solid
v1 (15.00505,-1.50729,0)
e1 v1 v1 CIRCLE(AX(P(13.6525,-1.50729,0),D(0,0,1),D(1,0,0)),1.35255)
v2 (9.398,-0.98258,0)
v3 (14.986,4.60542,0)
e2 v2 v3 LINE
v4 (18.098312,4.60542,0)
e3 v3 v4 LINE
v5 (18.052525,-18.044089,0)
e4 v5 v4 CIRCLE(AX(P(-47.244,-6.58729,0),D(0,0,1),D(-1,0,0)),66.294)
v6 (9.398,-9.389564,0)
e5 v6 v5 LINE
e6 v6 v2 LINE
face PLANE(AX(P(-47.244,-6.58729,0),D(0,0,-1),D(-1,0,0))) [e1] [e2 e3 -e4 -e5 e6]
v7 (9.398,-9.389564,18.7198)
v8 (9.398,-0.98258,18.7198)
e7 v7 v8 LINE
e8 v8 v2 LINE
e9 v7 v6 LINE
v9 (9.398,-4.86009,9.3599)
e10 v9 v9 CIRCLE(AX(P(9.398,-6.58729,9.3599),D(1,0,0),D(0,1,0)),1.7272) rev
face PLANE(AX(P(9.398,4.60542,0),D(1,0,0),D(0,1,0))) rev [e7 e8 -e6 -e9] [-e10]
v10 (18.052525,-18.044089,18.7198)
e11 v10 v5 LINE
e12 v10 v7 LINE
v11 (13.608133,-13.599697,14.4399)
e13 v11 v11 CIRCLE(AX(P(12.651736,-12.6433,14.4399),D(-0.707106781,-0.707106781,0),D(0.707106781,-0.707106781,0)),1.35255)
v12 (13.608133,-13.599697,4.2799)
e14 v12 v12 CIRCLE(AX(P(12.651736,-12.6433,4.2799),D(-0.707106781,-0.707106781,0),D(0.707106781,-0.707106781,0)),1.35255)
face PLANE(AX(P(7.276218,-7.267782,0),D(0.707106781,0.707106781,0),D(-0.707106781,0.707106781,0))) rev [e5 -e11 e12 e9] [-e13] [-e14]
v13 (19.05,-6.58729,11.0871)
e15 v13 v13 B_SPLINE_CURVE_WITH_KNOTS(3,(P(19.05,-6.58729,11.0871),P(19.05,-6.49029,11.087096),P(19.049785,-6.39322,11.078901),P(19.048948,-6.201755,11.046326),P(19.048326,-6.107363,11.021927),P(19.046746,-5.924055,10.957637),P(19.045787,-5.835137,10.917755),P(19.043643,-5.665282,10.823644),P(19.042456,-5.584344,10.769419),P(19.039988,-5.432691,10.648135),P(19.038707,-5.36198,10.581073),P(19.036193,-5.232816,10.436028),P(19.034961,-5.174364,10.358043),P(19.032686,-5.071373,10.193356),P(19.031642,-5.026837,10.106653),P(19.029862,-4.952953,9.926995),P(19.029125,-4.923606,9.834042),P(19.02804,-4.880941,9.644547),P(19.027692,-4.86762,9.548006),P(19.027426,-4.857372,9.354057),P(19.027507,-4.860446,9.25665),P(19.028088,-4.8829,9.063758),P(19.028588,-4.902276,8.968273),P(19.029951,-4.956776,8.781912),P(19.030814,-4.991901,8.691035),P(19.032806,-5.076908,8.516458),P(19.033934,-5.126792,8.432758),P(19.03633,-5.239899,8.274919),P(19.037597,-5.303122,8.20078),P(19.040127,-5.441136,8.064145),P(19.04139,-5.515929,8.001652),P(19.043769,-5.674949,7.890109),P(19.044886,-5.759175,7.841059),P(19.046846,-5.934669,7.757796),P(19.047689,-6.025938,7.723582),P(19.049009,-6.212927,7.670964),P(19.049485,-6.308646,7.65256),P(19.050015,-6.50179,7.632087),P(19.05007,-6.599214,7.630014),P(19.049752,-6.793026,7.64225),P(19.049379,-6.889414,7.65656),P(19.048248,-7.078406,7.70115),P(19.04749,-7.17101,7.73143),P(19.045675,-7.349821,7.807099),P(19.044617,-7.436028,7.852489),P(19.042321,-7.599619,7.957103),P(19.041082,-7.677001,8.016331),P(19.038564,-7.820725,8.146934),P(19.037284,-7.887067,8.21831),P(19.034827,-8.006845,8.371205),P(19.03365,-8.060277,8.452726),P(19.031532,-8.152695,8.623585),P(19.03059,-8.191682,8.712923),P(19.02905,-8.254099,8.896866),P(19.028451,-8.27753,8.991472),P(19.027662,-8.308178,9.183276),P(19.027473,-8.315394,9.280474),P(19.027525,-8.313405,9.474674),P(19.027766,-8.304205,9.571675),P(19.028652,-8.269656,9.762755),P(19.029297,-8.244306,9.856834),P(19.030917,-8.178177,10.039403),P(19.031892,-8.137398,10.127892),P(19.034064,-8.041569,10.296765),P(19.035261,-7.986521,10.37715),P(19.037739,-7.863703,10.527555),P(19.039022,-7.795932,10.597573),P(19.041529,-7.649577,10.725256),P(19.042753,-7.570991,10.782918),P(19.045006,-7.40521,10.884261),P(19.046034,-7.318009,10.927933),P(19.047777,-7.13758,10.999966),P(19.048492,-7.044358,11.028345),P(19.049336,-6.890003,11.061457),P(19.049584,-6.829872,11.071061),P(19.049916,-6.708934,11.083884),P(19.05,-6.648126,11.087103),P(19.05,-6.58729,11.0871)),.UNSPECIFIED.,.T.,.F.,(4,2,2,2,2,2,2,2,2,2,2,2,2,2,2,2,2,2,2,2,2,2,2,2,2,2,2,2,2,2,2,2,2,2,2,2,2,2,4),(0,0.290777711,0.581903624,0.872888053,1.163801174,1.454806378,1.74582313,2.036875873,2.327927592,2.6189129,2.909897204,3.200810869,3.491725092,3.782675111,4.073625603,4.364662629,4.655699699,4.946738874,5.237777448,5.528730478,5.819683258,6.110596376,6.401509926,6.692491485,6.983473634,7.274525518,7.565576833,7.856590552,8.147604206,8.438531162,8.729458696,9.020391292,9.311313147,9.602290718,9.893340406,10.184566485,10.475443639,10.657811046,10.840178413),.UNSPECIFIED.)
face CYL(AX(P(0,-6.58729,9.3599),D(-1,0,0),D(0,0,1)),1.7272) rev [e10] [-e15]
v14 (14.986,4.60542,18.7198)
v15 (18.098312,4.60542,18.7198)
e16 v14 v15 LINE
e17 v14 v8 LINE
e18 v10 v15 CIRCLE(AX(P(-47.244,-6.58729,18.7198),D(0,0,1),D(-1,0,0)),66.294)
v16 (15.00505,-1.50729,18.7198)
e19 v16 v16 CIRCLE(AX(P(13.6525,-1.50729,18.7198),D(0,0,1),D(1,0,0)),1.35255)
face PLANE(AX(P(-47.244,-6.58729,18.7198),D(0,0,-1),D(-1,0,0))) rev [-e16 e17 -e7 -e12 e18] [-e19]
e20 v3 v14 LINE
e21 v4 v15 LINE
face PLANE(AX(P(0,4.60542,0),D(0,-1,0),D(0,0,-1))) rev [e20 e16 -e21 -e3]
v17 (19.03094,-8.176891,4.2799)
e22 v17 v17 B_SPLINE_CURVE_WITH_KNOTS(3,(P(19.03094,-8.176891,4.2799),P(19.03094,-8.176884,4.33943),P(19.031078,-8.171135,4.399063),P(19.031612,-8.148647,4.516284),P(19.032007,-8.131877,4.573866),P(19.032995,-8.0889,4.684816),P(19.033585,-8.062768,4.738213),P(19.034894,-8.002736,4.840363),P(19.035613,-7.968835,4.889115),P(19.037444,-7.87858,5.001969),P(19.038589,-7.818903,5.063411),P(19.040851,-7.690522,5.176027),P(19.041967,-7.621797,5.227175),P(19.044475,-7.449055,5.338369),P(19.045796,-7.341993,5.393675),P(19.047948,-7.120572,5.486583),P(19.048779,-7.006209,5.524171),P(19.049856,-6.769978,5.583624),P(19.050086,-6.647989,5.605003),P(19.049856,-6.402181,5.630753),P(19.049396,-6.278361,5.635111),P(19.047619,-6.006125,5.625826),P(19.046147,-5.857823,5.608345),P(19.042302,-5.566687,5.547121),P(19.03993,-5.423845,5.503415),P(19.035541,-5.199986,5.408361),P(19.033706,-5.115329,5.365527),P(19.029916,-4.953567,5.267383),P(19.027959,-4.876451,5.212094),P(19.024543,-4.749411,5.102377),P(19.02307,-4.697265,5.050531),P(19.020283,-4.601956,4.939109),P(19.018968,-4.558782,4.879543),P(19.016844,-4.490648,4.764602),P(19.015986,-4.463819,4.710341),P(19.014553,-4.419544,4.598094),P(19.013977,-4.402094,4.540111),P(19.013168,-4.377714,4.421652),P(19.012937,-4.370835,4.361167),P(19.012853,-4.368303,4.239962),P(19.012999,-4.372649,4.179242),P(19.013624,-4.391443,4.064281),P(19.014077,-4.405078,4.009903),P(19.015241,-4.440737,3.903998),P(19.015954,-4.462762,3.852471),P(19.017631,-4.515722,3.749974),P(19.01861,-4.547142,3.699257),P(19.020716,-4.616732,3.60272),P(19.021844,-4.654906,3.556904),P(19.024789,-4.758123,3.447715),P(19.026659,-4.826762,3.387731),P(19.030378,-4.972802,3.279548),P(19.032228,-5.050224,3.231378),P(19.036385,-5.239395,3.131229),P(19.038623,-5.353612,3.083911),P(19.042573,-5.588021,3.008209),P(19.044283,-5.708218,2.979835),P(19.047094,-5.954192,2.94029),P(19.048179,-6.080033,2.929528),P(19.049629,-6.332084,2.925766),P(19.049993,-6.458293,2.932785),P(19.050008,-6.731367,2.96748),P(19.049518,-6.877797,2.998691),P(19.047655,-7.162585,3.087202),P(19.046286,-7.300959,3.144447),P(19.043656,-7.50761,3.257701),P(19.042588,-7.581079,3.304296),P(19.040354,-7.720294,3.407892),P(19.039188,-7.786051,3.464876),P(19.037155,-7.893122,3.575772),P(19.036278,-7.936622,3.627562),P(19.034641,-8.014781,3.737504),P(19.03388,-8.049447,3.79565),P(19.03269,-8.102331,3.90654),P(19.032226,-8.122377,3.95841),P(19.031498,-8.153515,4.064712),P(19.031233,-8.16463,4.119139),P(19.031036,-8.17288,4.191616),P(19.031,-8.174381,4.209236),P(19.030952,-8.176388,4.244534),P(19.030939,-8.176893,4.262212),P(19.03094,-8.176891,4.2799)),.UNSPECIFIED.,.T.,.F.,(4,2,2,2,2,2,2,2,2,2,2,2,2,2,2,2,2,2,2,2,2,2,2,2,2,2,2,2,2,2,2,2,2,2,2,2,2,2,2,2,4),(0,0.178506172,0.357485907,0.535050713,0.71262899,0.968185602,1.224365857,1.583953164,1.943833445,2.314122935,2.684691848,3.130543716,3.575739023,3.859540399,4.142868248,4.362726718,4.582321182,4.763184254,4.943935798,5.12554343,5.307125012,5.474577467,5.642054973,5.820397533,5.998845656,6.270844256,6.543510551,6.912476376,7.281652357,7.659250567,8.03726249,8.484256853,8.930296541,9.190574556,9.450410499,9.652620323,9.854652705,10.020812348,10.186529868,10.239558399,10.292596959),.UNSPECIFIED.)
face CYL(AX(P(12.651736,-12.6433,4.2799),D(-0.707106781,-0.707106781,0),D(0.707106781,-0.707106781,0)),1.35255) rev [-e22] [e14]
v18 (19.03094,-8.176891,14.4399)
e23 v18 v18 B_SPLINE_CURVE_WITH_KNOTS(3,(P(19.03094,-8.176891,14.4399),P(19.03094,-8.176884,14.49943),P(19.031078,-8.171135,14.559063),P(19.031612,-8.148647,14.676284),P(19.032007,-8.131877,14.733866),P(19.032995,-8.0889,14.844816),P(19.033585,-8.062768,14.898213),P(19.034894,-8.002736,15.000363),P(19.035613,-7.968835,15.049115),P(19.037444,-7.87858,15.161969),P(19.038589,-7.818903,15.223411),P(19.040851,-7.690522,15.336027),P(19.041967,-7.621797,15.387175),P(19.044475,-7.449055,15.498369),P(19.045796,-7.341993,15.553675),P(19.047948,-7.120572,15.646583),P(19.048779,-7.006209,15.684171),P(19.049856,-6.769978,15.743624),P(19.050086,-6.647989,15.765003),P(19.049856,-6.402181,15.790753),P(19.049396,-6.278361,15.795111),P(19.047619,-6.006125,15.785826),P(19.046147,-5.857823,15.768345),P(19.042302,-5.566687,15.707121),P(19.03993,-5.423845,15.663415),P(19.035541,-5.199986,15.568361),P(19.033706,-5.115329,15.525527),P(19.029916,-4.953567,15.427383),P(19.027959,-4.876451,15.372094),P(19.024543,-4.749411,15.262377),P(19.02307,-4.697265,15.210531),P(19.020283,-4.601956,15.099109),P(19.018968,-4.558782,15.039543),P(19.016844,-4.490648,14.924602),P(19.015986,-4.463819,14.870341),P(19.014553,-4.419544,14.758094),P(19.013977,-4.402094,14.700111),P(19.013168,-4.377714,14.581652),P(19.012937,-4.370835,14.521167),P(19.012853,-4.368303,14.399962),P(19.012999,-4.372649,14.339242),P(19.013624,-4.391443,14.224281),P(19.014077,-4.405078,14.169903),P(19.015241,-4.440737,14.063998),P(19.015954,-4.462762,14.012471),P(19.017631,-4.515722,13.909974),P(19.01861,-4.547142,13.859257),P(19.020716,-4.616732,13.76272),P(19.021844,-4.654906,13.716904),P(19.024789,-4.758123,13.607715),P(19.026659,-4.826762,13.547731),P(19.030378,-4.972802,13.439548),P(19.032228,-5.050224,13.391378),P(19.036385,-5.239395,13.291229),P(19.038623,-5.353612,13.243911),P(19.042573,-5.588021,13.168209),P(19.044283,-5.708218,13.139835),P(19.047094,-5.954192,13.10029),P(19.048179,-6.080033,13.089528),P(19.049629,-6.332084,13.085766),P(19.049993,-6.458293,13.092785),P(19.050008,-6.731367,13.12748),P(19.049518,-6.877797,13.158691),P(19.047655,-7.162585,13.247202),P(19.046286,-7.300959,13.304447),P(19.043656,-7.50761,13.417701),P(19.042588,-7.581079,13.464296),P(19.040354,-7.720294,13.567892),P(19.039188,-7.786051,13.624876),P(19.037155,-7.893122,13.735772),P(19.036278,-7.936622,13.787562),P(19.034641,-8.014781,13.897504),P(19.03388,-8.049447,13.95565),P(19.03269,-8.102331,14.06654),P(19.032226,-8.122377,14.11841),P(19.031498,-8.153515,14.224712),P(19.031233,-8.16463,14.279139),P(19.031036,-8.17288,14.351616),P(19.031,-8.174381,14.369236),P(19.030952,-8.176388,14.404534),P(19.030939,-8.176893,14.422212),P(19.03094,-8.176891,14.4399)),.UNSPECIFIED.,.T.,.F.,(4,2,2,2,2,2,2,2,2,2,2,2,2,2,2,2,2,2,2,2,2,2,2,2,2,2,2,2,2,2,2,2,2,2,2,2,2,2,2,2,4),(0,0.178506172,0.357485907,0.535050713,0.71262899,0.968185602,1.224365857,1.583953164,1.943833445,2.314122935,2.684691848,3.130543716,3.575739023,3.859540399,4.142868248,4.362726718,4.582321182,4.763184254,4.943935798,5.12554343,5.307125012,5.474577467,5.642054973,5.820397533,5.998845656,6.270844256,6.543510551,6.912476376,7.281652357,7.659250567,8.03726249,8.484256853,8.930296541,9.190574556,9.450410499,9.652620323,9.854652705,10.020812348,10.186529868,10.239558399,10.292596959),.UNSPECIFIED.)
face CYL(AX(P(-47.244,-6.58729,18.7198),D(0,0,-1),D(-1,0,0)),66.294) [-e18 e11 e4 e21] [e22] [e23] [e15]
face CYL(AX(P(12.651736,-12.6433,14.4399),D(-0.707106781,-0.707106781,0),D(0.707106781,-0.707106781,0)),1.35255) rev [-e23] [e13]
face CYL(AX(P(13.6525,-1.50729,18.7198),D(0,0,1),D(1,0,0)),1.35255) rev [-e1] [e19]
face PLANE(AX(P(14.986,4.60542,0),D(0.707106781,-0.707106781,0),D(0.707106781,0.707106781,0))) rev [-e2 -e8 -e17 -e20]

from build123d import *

# Parameters (mm, degrees)
EXTRUDE1_DEPTH            = 18.7198
SKETCH13_W                = 30.336118919
SKETCH13_H                = 26.43936277
EXTRUDE2_DEPTH            = 40.057833358
F_6_32_TAPPED_HOLE2_D     = 2.7051
EXTRUDE3_DEPTH            = 40.057833358
F_6_32_TAPPED_HOLE1_D     = 2.7051
F_8_32_TAPPED_HOLE5_D     = 3.4544
F_8_32_TAPPED_HOLE5_DEPTH = 19.05
F_8_32_TAPPED_HOLE5_TIP   = 1.037806461
SKETCH22_W                = 9.398
SKETCH22_H                = 21.690053411
EXTRUDE4_DEPTH            = 33.232321948
CHAMFER1_SIZE             = 5.588


with BuildPart() as part:
    # Sketch1 → Extrude1 (new body)
    with BuildSketch(Plane.XY):
        with BuildLine():
            Line((0, 0), (0, -13.17458008))
            Line((0, -13.17458008), (15.324208221, -28.498788301))
            ThreePointArc((15.324208221, -28.498788301), (19.05, -6.58729004), (15.324208221, 15.324208221))
            Line((15.324208221, 15.324208221), (0, 15.324208221))
            Line((0, 15.324208221), (0, 0))
        make_face()
    extrude(amount=EXTRUDE1_DEPTH)

    # Sketch13 → Extrude2 (cut, through all)
    with BuildSketch(Plane.XY.offset(18.7198)):
        with Locations((15.16805946, 17.825101305)):
            Rectangle(SKETCH13_W, SKETCH13_H)
    extrude(amount=-EXTRUDE2_DEPTH, mode=Mode.SUBTRACT)

    # #6-32 Tapped Hole2 (through all)
    with Locations(Plane.XY.offset(18.7198)):
        with Locations((13.6525, -1.50729004)):
            Hole(F_6_32_TAPPED_HOLE2_D / 2)

    # Sketch14 → Extrude3 (cut, through all)
    with BuildSketch(Plane.XY.offset(18.7198)):
        Polygon((0.684709755, -13.859289835), (7.276217748, -7.267781842), (18.052525094, -18.044089188), (21.915716214, -21.907280308), (15.324208221, -28.498788301), align=None)
    extrude(amount=-EXTRUDE3_DEPTH, mode=Mode.SUBTRACT)

    # #6-32 Tapped Hole1 (through all)
    with Locations(Plane(origin=(12.651735758, -12.643299852, 14.4399), x_dir=(-0.707106781187, 0.707106781187, 0), z_dir=(-0.707106781187, -0.707106781187, 0))):
        with Locations((0, 0), (0, 10.16)):
            Hole(F_6_32_TAPPED_HOLE1_D / 2)

    # #8-32 Tapped Hole5
    with Locations(Plane.ZY):
        with Locations((9.3599, -6.58729004)):
            Hole(F_8_32_TAPPED_HOLE5_D / 2, depth=F_8_32_TAPPED_HOLE5_DEPTH)
            with Locations((0, 0, -(F_8_32_TAPPED_HOLE5_DEPTH + F_8_32_TAPPED_HOLE5_TIP / 2))):  # 118° drill point
                Cone(0, F_8_32_TAPPED_HOLE5_D / 2, F_8_32_TAPPED_HOLE5_TIP, mode=Mode.SUBTRACT)

    # Sketch22 → Extrude4 (cut, through all)
    with BuildSketch(Plane.XY.offset(18.7198)):
        with Locations((4.699, -6.239606786)):
            Rectangle(SKETCH22_W, SKETCH22_H)
    extrude(amount=-EXTRUDE4_DEPTH, mode=Mode.SUBTRACT)

    # Chamfer1
    chamfer1_edges = [part.edges().sort_by_distance(p)[0] for p in [
        (9.398, 4.60541992, 9.3599),
    ]]
    chamfer(chamfer1_edges, length=CHAMFER1_SIZE)


solid = part.part
